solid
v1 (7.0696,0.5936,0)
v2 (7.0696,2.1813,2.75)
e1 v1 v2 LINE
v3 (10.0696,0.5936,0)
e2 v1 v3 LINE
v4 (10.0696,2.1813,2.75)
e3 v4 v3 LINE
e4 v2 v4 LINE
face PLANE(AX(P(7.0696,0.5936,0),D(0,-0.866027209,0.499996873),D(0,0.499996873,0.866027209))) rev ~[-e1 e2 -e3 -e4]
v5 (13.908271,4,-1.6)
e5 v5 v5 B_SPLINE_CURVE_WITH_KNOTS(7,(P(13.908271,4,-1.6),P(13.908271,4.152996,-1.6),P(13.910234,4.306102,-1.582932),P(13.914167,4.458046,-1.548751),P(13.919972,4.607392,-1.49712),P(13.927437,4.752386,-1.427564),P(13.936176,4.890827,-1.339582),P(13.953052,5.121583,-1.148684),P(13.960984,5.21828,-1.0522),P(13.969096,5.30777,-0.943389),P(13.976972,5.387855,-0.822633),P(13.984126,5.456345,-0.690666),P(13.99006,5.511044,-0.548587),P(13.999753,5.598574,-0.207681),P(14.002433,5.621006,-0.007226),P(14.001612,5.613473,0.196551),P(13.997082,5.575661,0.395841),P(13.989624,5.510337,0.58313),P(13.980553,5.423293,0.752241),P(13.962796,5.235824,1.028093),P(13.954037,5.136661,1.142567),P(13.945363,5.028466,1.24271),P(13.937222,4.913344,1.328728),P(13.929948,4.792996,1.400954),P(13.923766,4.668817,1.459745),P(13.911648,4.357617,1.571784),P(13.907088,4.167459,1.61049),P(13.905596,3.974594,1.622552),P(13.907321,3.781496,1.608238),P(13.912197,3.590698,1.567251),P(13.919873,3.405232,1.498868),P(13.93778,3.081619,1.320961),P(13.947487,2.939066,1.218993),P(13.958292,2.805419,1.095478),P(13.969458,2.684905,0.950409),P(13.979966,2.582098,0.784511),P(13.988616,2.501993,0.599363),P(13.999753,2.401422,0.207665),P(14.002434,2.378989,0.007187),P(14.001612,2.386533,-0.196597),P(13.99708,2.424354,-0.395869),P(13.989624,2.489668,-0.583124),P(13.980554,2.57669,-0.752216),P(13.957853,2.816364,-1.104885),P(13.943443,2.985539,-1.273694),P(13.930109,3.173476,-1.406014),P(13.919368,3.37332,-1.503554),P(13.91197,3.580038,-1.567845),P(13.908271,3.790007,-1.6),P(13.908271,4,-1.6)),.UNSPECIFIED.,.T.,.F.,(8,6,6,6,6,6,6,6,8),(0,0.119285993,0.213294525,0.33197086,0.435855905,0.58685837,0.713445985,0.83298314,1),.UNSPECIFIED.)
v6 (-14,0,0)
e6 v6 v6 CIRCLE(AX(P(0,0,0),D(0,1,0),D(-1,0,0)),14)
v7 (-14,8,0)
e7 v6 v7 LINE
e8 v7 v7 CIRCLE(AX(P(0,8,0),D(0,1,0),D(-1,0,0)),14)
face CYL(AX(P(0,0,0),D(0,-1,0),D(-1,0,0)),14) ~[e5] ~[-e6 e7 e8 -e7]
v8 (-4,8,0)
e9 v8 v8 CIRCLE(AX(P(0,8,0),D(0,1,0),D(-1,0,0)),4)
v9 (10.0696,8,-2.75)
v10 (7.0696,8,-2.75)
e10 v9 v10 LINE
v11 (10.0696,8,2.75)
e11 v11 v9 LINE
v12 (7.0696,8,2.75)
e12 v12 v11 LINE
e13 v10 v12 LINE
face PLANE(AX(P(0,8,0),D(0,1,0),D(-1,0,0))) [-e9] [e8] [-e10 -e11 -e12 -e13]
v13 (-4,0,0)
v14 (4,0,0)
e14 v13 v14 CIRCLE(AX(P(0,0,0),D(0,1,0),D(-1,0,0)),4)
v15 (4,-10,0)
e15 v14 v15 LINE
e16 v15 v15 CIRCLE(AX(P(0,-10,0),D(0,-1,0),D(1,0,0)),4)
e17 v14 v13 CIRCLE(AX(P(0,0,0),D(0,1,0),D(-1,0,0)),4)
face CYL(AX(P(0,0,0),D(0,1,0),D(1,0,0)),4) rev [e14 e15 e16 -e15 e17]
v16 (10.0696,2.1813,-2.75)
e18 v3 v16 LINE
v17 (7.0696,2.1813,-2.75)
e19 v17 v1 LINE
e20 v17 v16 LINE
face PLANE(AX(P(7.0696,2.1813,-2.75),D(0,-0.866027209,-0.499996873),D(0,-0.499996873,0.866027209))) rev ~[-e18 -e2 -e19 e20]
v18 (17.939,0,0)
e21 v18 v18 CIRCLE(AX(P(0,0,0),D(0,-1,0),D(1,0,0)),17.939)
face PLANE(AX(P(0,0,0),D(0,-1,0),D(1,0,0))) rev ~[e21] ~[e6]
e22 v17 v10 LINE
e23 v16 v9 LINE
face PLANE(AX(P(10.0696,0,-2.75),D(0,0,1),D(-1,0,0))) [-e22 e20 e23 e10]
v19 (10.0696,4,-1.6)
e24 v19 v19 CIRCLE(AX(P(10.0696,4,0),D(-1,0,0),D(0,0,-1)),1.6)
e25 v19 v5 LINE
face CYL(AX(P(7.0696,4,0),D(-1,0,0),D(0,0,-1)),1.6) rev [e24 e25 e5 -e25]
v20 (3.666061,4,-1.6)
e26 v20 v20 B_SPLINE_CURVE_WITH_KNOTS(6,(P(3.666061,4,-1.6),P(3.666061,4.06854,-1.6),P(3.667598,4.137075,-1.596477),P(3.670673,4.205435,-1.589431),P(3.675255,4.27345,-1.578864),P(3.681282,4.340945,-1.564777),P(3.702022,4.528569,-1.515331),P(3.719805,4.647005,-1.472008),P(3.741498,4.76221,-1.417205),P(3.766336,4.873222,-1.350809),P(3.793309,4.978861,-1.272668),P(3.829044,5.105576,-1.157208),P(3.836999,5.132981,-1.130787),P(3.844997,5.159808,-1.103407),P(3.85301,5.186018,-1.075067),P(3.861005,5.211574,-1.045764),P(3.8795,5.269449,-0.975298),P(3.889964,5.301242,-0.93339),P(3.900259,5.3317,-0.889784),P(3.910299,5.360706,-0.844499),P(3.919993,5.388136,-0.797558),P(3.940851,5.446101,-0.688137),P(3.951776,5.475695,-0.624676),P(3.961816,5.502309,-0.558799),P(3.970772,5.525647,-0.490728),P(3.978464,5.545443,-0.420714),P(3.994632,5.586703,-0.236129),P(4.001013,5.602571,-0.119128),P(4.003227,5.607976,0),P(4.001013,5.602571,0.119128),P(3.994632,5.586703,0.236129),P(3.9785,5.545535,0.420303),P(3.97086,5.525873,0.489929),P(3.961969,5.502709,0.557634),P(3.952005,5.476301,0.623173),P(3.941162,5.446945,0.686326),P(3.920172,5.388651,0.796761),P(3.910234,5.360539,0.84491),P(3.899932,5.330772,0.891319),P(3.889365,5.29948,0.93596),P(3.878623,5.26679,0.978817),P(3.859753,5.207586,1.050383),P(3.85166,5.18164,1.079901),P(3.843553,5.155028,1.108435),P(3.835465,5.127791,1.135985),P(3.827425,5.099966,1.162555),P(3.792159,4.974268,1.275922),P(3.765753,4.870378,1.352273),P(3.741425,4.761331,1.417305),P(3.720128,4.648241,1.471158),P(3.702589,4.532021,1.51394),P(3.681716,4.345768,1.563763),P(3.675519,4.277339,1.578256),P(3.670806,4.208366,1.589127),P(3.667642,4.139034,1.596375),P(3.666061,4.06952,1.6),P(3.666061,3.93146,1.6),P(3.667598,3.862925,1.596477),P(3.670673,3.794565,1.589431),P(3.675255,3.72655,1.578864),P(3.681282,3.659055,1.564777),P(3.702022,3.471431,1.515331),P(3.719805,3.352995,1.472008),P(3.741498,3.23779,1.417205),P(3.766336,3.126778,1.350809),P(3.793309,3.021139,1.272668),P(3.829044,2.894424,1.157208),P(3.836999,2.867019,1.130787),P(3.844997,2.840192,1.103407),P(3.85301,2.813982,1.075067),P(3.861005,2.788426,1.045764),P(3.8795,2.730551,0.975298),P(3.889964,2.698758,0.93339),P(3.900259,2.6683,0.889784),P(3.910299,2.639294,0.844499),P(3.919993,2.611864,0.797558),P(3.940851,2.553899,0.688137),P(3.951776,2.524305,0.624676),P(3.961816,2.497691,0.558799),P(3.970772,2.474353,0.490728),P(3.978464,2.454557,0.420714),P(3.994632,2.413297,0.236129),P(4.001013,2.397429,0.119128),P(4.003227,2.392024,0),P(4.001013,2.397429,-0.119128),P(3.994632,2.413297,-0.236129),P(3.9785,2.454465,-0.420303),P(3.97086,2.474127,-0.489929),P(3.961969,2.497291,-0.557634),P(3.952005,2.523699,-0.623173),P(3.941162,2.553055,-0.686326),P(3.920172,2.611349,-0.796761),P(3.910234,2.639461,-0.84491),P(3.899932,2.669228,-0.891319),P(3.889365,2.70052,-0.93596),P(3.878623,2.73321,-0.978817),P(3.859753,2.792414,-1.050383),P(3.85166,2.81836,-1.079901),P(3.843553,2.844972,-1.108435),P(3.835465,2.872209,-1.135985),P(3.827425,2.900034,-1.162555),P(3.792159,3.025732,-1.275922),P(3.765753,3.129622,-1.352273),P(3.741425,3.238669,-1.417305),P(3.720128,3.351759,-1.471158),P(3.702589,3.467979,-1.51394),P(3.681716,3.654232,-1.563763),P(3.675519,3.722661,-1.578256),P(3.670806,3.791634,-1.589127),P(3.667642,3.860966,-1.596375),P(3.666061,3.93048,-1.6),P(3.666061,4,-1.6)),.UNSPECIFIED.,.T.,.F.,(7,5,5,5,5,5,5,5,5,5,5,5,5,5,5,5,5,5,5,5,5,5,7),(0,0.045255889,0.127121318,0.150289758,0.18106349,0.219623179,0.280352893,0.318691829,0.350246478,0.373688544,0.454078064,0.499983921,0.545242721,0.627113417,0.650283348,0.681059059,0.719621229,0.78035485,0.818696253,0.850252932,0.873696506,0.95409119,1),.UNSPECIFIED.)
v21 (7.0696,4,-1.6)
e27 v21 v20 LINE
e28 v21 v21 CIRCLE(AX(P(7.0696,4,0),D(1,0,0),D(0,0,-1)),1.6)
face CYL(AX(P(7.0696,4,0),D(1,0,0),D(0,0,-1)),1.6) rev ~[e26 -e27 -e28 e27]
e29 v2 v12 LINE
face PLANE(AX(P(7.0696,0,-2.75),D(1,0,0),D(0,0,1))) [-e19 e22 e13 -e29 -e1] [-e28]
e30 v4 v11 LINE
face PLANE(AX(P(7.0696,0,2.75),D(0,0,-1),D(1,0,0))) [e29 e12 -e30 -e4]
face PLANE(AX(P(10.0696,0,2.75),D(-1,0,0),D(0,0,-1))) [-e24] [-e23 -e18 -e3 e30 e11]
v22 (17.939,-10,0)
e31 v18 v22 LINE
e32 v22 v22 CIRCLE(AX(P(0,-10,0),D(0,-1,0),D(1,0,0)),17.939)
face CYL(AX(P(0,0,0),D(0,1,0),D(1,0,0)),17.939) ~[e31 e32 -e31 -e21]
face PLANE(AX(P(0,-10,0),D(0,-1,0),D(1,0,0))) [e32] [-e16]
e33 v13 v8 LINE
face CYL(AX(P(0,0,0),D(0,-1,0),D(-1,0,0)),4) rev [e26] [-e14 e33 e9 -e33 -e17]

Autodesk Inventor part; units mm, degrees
ref_plane "YZ Plane" through (0, 0, 0) normal (1, 0, 0) x (0, 1, 0)
ref_plane "XZ Plane" through (0, 0, 0) normal (0, 1, 0) x (-1, 0, 0)
ref_plane "XY Plane" through (0, 0, 0) normal (0, 0, 1) x (1, 0, 0)
sketch "Boceto1" plane through (0, 0, 0) normal (0, 1, 0) x (-1, 0, 0)
  circle A0 centre (0, 0) radius 4
  circle A1 centre (0, 0) radius 14
  line L0 (-7.0696, 2.75) -> (-10.0696, 2.75)
  line L1 (-10.0696, 2.75) -> (-10.0696, -2.75)
  line L2 (-10.0696, -2.75) -> (-7.0696, -2.75)
  line L3 (-7.0696, -2.75) -> (-7.0696, 2.75)
  circle A2 centre (0, 0) radius 9 construction
  point P0 (-7.0696, 0)
  point P1 (-8.5696, 2.75)
  dimension "d0" = 8
  dimension "tuerca" = 5.5
  dimension "d2" = 10
  dimension "d3" = 5
  dimension "d4" = 3
extrude "Extrusión1" add sketch "Boceto1" along normal blind 8
sketch "Boceto2" plane through (7.0696, 0, -2.75) normal (1, 0, 0) x (0, 0, -1)
  line L0 (0, 0) -> (-5.5, 0) projected
  line L1 (0, 0) -> (0, 8) construction
  line L2 (-5.5, 8) -> (0, 8) construction
  line L3 (-5.5, 0) -> (-5.5, 8) construction
  line L4 (-5.5, 0) -> (0, 8) construction
  circle A0 centre (-2.75, 4) radius 1.6
  line L5 (0, 2.1813) -> (-2.75, 0.5936)
  line L6 (-2.75, 0.5936) -> (-5.5, 2.1813)
  line L7 (-5.5, 2.1813) -> (-5.5, 0)
  line L8 (0, 2.1813) -> (0, 0)
  point P0 (-2.75, 0)
  dimension "d7" = 3.2
  dimension "d8" = 120
  dimension "d9" = 2.95
extrude "Extrusión2" cut sketch "Boceto2" along normal mid plane 15 contours A0
extrude "Extrusión3" add sketch "Boceto2" along normal up to next contours L0 L7 L6 L5 L8
sketch "Boceto3" plane through (0, 0, 0) normal (0, -1, 0) x (1, 0, 0)
  circle A0 centre (0, 0) radius 4 projected
  circle A1 centre (0, 0) radius 17.939
extrude "Extrusión4" add sketch "Boceto3" along normal blind 10
equation "\"d3\" = 0.5 * d2"
properties part number "poleaT5"
